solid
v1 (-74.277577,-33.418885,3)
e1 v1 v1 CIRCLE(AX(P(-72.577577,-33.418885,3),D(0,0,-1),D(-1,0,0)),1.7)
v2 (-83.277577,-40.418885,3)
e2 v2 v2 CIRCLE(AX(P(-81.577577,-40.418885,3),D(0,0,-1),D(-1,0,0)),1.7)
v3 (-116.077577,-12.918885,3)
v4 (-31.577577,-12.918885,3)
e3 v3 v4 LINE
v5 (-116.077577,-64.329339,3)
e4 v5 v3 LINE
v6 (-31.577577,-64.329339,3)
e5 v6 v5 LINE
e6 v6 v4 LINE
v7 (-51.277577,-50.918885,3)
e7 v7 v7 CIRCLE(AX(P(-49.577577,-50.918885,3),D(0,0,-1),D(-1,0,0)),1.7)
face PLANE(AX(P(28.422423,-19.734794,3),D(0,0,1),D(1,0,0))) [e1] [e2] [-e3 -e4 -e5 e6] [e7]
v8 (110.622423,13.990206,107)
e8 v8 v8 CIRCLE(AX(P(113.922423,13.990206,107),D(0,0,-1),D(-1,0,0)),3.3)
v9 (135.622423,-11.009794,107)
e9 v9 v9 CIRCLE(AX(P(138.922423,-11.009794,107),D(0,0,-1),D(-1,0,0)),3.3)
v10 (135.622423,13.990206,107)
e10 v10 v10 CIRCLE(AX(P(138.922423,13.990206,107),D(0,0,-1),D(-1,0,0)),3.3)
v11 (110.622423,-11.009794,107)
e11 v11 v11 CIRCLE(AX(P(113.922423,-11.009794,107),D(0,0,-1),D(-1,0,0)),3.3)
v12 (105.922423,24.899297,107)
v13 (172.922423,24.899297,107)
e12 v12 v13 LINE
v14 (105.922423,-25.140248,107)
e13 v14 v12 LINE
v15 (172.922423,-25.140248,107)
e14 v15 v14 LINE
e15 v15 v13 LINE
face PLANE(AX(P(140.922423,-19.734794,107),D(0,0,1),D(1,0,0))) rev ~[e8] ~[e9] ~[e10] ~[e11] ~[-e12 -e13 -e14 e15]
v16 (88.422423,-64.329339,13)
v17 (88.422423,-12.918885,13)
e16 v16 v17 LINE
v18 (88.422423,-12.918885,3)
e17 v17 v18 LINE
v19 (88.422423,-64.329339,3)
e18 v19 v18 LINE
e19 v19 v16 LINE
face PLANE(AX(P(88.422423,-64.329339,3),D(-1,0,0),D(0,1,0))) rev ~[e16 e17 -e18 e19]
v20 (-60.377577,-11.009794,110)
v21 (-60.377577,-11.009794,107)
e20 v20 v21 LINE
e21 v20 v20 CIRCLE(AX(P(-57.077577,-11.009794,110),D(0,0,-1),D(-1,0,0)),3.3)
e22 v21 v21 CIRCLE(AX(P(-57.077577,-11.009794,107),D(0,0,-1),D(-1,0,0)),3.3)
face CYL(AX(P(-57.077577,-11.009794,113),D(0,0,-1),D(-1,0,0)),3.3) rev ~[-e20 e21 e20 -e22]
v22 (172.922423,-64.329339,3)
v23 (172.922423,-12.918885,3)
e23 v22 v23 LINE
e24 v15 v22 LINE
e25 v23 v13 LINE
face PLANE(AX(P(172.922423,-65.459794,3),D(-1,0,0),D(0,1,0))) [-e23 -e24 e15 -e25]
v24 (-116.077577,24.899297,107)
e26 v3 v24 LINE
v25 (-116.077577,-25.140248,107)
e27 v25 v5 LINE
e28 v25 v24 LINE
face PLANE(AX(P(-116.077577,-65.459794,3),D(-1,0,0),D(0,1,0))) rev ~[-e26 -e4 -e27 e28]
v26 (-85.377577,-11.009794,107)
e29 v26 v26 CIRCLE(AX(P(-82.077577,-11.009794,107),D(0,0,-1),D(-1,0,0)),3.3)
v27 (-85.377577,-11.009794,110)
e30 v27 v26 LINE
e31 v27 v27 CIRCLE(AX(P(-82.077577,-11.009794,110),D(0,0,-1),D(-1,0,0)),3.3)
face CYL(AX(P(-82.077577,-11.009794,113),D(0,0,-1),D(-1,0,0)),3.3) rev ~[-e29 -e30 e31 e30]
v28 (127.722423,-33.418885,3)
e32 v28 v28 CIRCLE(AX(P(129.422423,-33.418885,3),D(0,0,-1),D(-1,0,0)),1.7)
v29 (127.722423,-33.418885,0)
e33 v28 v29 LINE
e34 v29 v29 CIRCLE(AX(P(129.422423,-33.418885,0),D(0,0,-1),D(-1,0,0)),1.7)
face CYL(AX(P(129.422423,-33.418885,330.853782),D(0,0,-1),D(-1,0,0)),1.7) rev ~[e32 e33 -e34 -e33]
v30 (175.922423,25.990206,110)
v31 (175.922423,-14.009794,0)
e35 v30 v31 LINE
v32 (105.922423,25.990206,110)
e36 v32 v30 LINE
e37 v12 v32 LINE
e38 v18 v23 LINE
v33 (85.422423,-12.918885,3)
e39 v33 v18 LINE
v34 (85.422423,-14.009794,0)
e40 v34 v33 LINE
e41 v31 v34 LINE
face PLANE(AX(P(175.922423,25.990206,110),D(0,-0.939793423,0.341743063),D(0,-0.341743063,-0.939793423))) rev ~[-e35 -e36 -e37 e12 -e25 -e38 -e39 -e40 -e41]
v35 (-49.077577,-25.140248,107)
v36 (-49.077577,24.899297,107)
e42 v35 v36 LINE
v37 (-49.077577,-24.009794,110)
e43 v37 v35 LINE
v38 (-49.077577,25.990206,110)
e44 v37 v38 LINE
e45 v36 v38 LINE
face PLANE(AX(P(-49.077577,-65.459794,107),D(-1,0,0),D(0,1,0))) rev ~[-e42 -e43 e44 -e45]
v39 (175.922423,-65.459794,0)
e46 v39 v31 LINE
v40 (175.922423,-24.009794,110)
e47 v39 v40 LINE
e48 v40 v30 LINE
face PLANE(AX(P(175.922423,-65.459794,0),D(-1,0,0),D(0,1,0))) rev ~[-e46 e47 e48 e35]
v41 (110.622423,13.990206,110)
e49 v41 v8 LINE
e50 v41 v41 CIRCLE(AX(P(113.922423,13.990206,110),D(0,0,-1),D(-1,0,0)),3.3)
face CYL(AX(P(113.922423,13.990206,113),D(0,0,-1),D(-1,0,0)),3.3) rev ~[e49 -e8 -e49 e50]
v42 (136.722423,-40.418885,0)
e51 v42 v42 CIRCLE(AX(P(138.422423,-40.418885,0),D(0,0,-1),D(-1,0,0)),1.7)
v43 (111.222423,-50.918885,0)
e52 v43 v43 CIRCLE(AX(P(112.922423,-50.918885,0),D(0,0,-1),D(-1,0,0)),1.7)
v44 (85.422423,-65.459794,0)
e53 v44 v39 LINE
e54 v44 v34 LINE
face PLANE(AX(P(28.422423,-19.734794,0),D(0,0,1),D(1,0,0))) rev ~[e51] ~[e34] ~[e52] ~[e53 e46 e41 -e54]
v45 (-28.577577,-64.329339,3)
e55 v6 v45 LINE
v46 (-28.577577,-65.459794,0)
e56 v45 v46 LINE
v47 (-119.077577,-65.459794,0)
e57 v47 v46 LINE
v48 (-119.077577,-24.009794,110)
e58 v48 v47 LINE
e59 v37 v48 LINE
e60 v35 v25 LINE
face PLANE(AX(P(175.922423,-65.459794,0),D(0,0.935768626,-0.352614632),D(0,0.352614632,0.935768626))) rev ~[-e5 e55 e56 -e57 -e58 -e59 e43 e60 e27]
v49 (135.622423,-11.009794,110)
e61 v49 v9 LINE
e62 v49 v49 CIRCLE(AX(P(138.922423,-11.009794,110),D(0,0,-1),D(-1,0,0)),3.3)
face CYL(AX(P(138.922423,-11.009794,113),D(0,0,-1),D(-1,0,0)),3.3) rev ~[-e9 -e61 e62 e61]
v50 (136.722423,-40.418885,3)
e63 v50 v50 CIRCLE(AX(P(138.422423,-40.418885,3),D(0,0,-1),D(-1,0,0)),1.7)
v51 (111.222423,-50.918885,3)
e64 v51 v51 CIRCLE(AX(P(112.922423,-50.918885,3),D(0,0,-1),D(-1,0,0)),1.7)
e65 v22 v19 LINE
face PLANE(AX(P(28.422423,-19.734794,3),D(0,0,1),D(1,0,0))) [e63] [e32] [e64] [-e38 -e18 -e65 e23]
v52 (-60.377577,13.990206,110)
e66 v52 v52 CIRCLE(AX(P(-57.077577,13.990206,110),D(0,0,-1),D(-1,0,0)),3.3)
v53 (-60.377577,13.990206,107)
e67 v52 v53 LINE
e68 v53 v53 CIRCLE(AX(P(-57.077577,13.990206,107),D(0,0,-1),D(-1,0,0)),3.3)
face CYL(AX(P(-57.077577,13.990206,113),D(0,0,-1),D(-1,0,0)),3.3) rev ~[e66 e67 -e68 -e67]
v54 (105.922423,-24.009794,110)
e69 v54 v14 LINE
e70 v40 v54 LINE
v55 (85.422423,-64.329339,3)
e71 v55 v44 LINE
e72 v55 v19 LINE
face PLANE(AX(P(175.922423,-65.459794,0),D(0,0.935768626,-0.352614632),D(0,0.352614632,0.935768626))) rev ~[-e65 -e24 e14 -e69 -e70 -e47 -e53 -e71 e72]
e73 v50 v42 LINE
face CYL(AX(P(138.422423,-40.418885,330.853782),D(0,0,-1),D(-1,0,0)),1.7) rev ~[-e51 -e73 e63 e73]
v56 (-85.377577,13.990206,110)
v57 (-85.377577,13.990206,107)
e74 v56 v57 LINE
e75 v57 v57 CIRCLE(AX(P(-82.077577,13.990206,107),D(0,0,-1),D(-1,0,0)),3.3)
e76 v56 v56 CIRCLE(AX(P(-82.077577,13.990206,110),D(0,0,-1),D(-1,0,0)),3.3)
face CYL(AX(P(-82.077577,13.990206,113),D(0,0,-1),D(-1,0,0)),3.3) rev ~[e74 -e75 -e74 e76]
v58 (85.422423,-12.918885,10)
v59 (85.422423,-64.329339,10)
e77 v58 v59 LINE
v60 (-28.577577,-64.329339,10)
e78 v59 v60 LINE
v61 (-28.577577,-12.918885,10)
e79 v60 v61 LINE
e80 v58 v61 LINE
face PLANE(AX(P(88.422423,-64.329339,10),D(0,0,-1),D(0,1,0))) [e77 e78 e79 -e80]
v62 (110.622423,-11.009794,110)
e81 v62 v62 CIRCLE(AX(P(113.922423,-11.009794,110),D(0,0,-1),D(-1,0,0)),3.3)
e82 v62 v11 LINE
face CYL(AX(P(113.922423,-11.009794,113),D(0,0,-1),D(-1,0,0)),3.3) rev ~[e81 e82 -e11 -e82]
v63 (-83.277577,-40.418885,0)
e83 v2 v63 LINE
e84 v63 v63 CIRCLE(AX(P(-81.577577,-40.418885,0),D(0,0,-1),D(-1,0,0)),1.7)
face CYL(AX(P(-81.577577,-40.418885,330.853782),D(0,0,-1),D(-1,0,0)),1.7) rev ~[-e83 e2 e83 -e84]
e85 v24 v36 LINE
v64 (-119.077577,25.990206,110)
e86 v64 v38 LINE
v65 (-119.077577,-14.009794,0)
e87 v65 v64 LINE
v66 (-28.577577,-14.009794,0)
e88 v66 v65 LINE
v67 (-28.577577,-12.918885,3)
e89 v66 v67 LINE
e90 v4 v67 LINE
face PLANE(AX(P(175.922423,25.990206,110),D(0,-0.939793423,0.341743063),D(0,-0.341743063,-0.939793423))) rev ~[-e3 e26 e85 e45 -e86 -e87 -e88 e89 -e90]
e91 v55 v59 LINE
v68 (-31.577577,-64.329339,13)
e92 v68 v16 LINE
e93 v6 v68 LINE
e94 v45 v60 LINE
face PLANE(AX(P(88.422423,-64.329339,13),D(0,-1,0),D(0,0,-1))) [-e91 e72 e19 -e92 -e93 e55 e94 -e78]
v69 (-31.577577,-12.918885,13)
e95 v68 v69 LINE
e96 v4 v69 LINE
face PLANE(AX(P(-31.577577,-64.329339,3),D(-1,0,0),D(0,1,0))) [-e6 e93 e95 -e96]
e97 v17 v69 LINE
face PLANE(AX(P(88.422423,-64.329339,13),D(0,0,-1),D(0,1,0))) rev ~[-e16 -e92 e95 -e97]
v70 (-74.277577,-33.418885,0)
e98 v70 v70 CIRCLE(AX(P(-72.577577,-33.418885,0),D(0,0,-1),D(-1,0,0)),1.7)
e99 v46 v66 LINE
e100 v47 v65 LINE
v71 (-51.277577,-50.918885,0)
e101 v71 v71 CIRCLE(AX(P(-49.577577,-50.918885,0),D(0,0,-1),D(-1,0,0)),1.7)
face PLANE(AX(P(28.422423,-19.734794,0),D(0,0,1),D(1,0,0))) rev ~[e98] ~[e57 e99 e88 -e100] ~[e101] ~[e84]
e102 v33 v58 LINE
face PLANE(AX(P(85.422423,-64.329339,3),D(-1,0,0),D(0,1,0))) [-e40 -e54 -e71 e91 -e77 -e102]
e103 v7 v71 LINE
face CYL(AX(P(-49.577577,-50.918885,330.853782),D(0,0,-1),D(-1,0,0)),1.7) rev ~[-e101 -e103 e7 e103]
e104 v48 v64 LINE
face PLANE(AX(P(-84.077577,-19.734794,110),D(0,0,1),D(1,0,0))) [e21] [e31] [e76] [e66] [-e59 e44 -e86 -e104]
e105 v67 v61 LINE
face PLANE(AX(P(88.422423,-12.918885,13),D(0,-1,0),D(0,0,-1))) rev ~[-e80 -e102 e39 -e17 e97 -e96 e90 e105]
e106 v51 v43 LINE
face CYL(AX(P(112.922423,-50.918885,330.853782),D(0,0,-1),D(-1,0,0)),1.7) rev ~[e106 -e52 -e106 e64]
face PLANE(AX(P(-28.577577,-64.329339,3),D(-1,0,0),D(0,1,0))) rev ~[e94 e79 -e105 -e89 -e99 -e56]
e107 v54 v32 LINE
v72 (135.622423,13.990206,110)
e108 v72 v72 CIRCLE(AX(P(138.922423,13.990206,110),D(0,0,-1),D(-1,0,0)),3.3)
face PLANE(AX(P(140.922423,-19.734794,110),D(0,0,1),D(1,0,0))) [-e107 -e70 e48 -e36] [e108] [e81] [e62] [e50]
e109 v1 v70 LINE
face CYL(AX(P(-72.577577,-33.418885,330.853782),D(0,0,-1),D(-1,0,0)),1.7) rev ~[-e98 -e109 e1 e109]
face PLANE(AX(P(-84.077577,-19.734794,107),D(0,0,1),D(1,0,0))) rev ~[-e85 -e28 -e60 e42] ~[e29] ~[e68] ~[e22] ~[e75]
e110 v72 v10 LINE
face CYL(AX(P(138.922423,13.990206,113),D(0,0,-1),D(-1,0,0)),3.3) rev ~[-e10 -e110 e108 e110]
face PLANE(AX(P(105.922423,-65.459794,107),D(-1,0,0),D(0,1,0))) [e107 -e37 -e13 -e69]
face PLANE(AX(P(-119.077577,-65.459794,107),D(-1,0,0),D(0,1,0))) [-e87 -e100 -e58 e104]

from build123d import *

# Parameters (mm, degrees)
SKETCH_1_W             = 295
SKETCH_1_H             = 91.45
EXTRUDE_1_DEPTH        = 3
SKETCH_4_W             = 3
SKETCH_4_H             = 91.45
EXTRUDE_2_DEPTH        = 104
SKETCH_5_W             = 70
SKETCH_5_H             = 91.45
EXTRUDE_3_DEPTH        = 3
CUT_EXTRUDE_1_DEPTH    = 322.574228766
HOLE_WIZARD_M6_1_D     = 6.6
HOLE_WIZARD_M6_1_DEPTH = 3
HOLE_WIZARD_M3_1_D     = 3.4
SKETCH_39_W            = 3
SKETCH_39_H            = 51.410454545
EXTRUDE_5_DEPTH        = 10
SKETCH_42_W            = 3
SKETCH_42_H            = 51.410454545
EXTRUDE_6_DEPTH        = 117
CUT_EXTRUDE_5_REACH    = 219.563
SKETCH_44_W            = 114
SKETCH_44_H            = 52.54090909


with BuildPart() as part:
    # ｽｹｯﾁ1 → ﾎﾞｽ - 押し出し1 (new body)
    with BuildSketch(Plane.XY):
        with Locations((28.42242268, -19.734793814)):
            Rectangle(SKETCH_1_W, SKETCH_1_H)
    extrude(amount=EXTRUDE_1_DEPTH)

    # ｽｹｯﾁ4 → ﾎﾞｽ - 押し出し2 (add)
    with BuildSketch(Plane.XY.offset(3)):
        with Locations((-117.57757732, -19.734793814)):
            Rectangle(SKETCH_4_W, SKETCH_4_H)
        with Locations((174.42242268, -19.734793814)):
            Rectangle(SKETCH_4_W, SKETCH_4_H)
    extrude(amount=EXTRUDE_2_DEPTH)

    # ｽｹｯﾁ5 → ﾎﾞｽ - 押し出し3 (add)
    with BuildSketch(Plane.XY.offset(107)):
        with Locations((-84.07757732, -19.734793814)):
            Rectangle(SKETCH_5_W, SKETCH_5_H)
        with Locations((140.92242268, -19.734793814)):
            Rectangle(SKETCH_5_W, SKETCH_5_H)
    extrude(amount=EXTRUDE_3_DEPTH)

    # ｽｹｯﾁ24 → ｶｯﾄ - 押し出し1 (cut, through all)
    with BuildSketch(Plane(origin=(175.92242268, 0, 0), x_dir=(0, 0, -1), z_dir=(1, 0, 0))):
        Polygon((-110, 25.990206186), (0, -14.009793814), (0, 25.990206186), align=None)
        Polygon((-110, -65.459793814), (0, -65.459793814), (-110, -24.009793814), align=None)
    extrude(amount=-CUT_EXTRUDE_1_DEPTH, mode=Mode.SUBTRACT)

    # M6 すきま穴1
    with Locations(Plane.XY.offset(110)):
        with Locations((113.92242268, 13.990206186), (113.92242268, -11.009793814), (138.92242268, -11.009793814), (138.92242268, 13.990206186), (-57.07757732, 13.990206186), (-57.07757732, -11.009793814), (-82.07757732, -11.009793814), (-82.07757732, 13.990206186)):
            Hole(HOLE_WIZARD_M6_1_D / 2, depth=HOLE_WIZARD_M6_1_DEPTH)

    # M3 すきま穴1 (through all)
    with Locations(Plane.XY.offset(3)):
        with Locations((-72.57757732, -33.418884724), (-81.57757732, -40.418884724), (-49.57757732, -50.918884724), (138.42242268, -40.418884724), (129.42242268, -33.418884724), (112.92242268, -50.918884724)):
            Hole(HOLE_WIZARD_M3_1_D / 2)

    # ｽｹｯﾁ39 → ﾎﾞｽ - 押し出し5 (add)
    with BuildSketch(Plane.XY.offset(3)):
        with Locations((-30.07757732, -38.624111997)):
            Rectangle(SKETCH_39_W, SKETCH_39_H)
        with Locations((86.92242268, -38.624111997)):
            Rectangle(SKETCH_39_W, SKETCH_39_H)
    extrude(amount=EXTRUDE_5_DEPTH)

    # ｽｹｯﾁ42 → ﾎﾞｽ - 押し出し6 (add)
    with BuildSketch(Plane(origin=(88.42242268, 0, 0), x_dir=(0, 0, -1), z_dir=(1, 0, 0))):
        with Locations((-11.5, -38.624111997)):
            Rectangle(SKETCH_42_W, SKETCH_42_H)
    extrude(amount=-EXTRUDE_6_DEPTH)

    # ｽｹｯﾁ44 → ｶｯﾄ - 押し出し5 (cut, up to next)
    with BuildSketch(Plane(origin=(0, 0, 0), x_dir=(-1, 0, 0), z_dir=(0, 0, -1)), mode=Mode.PRIVATE) as cut_extrude_5_sk1:
        with Locations((-28.42242268, -39.189339269)):
            Rectangle(SKETCH_44_W, SKETCH_44_H)
    cut_extrude_5_tool1 = extrude(cut_extrude_5_sk1.sketch, amount=-CUT_EXTRUDE_5_REACH, mode=Mode.PRIVATE) & part.part
    add(cut_extrude_5_tool1.solids().sort_by_distance((28.422423, -39.189339, 0))[0], mode=Mode.SUBTRACT)


solid = part.part
